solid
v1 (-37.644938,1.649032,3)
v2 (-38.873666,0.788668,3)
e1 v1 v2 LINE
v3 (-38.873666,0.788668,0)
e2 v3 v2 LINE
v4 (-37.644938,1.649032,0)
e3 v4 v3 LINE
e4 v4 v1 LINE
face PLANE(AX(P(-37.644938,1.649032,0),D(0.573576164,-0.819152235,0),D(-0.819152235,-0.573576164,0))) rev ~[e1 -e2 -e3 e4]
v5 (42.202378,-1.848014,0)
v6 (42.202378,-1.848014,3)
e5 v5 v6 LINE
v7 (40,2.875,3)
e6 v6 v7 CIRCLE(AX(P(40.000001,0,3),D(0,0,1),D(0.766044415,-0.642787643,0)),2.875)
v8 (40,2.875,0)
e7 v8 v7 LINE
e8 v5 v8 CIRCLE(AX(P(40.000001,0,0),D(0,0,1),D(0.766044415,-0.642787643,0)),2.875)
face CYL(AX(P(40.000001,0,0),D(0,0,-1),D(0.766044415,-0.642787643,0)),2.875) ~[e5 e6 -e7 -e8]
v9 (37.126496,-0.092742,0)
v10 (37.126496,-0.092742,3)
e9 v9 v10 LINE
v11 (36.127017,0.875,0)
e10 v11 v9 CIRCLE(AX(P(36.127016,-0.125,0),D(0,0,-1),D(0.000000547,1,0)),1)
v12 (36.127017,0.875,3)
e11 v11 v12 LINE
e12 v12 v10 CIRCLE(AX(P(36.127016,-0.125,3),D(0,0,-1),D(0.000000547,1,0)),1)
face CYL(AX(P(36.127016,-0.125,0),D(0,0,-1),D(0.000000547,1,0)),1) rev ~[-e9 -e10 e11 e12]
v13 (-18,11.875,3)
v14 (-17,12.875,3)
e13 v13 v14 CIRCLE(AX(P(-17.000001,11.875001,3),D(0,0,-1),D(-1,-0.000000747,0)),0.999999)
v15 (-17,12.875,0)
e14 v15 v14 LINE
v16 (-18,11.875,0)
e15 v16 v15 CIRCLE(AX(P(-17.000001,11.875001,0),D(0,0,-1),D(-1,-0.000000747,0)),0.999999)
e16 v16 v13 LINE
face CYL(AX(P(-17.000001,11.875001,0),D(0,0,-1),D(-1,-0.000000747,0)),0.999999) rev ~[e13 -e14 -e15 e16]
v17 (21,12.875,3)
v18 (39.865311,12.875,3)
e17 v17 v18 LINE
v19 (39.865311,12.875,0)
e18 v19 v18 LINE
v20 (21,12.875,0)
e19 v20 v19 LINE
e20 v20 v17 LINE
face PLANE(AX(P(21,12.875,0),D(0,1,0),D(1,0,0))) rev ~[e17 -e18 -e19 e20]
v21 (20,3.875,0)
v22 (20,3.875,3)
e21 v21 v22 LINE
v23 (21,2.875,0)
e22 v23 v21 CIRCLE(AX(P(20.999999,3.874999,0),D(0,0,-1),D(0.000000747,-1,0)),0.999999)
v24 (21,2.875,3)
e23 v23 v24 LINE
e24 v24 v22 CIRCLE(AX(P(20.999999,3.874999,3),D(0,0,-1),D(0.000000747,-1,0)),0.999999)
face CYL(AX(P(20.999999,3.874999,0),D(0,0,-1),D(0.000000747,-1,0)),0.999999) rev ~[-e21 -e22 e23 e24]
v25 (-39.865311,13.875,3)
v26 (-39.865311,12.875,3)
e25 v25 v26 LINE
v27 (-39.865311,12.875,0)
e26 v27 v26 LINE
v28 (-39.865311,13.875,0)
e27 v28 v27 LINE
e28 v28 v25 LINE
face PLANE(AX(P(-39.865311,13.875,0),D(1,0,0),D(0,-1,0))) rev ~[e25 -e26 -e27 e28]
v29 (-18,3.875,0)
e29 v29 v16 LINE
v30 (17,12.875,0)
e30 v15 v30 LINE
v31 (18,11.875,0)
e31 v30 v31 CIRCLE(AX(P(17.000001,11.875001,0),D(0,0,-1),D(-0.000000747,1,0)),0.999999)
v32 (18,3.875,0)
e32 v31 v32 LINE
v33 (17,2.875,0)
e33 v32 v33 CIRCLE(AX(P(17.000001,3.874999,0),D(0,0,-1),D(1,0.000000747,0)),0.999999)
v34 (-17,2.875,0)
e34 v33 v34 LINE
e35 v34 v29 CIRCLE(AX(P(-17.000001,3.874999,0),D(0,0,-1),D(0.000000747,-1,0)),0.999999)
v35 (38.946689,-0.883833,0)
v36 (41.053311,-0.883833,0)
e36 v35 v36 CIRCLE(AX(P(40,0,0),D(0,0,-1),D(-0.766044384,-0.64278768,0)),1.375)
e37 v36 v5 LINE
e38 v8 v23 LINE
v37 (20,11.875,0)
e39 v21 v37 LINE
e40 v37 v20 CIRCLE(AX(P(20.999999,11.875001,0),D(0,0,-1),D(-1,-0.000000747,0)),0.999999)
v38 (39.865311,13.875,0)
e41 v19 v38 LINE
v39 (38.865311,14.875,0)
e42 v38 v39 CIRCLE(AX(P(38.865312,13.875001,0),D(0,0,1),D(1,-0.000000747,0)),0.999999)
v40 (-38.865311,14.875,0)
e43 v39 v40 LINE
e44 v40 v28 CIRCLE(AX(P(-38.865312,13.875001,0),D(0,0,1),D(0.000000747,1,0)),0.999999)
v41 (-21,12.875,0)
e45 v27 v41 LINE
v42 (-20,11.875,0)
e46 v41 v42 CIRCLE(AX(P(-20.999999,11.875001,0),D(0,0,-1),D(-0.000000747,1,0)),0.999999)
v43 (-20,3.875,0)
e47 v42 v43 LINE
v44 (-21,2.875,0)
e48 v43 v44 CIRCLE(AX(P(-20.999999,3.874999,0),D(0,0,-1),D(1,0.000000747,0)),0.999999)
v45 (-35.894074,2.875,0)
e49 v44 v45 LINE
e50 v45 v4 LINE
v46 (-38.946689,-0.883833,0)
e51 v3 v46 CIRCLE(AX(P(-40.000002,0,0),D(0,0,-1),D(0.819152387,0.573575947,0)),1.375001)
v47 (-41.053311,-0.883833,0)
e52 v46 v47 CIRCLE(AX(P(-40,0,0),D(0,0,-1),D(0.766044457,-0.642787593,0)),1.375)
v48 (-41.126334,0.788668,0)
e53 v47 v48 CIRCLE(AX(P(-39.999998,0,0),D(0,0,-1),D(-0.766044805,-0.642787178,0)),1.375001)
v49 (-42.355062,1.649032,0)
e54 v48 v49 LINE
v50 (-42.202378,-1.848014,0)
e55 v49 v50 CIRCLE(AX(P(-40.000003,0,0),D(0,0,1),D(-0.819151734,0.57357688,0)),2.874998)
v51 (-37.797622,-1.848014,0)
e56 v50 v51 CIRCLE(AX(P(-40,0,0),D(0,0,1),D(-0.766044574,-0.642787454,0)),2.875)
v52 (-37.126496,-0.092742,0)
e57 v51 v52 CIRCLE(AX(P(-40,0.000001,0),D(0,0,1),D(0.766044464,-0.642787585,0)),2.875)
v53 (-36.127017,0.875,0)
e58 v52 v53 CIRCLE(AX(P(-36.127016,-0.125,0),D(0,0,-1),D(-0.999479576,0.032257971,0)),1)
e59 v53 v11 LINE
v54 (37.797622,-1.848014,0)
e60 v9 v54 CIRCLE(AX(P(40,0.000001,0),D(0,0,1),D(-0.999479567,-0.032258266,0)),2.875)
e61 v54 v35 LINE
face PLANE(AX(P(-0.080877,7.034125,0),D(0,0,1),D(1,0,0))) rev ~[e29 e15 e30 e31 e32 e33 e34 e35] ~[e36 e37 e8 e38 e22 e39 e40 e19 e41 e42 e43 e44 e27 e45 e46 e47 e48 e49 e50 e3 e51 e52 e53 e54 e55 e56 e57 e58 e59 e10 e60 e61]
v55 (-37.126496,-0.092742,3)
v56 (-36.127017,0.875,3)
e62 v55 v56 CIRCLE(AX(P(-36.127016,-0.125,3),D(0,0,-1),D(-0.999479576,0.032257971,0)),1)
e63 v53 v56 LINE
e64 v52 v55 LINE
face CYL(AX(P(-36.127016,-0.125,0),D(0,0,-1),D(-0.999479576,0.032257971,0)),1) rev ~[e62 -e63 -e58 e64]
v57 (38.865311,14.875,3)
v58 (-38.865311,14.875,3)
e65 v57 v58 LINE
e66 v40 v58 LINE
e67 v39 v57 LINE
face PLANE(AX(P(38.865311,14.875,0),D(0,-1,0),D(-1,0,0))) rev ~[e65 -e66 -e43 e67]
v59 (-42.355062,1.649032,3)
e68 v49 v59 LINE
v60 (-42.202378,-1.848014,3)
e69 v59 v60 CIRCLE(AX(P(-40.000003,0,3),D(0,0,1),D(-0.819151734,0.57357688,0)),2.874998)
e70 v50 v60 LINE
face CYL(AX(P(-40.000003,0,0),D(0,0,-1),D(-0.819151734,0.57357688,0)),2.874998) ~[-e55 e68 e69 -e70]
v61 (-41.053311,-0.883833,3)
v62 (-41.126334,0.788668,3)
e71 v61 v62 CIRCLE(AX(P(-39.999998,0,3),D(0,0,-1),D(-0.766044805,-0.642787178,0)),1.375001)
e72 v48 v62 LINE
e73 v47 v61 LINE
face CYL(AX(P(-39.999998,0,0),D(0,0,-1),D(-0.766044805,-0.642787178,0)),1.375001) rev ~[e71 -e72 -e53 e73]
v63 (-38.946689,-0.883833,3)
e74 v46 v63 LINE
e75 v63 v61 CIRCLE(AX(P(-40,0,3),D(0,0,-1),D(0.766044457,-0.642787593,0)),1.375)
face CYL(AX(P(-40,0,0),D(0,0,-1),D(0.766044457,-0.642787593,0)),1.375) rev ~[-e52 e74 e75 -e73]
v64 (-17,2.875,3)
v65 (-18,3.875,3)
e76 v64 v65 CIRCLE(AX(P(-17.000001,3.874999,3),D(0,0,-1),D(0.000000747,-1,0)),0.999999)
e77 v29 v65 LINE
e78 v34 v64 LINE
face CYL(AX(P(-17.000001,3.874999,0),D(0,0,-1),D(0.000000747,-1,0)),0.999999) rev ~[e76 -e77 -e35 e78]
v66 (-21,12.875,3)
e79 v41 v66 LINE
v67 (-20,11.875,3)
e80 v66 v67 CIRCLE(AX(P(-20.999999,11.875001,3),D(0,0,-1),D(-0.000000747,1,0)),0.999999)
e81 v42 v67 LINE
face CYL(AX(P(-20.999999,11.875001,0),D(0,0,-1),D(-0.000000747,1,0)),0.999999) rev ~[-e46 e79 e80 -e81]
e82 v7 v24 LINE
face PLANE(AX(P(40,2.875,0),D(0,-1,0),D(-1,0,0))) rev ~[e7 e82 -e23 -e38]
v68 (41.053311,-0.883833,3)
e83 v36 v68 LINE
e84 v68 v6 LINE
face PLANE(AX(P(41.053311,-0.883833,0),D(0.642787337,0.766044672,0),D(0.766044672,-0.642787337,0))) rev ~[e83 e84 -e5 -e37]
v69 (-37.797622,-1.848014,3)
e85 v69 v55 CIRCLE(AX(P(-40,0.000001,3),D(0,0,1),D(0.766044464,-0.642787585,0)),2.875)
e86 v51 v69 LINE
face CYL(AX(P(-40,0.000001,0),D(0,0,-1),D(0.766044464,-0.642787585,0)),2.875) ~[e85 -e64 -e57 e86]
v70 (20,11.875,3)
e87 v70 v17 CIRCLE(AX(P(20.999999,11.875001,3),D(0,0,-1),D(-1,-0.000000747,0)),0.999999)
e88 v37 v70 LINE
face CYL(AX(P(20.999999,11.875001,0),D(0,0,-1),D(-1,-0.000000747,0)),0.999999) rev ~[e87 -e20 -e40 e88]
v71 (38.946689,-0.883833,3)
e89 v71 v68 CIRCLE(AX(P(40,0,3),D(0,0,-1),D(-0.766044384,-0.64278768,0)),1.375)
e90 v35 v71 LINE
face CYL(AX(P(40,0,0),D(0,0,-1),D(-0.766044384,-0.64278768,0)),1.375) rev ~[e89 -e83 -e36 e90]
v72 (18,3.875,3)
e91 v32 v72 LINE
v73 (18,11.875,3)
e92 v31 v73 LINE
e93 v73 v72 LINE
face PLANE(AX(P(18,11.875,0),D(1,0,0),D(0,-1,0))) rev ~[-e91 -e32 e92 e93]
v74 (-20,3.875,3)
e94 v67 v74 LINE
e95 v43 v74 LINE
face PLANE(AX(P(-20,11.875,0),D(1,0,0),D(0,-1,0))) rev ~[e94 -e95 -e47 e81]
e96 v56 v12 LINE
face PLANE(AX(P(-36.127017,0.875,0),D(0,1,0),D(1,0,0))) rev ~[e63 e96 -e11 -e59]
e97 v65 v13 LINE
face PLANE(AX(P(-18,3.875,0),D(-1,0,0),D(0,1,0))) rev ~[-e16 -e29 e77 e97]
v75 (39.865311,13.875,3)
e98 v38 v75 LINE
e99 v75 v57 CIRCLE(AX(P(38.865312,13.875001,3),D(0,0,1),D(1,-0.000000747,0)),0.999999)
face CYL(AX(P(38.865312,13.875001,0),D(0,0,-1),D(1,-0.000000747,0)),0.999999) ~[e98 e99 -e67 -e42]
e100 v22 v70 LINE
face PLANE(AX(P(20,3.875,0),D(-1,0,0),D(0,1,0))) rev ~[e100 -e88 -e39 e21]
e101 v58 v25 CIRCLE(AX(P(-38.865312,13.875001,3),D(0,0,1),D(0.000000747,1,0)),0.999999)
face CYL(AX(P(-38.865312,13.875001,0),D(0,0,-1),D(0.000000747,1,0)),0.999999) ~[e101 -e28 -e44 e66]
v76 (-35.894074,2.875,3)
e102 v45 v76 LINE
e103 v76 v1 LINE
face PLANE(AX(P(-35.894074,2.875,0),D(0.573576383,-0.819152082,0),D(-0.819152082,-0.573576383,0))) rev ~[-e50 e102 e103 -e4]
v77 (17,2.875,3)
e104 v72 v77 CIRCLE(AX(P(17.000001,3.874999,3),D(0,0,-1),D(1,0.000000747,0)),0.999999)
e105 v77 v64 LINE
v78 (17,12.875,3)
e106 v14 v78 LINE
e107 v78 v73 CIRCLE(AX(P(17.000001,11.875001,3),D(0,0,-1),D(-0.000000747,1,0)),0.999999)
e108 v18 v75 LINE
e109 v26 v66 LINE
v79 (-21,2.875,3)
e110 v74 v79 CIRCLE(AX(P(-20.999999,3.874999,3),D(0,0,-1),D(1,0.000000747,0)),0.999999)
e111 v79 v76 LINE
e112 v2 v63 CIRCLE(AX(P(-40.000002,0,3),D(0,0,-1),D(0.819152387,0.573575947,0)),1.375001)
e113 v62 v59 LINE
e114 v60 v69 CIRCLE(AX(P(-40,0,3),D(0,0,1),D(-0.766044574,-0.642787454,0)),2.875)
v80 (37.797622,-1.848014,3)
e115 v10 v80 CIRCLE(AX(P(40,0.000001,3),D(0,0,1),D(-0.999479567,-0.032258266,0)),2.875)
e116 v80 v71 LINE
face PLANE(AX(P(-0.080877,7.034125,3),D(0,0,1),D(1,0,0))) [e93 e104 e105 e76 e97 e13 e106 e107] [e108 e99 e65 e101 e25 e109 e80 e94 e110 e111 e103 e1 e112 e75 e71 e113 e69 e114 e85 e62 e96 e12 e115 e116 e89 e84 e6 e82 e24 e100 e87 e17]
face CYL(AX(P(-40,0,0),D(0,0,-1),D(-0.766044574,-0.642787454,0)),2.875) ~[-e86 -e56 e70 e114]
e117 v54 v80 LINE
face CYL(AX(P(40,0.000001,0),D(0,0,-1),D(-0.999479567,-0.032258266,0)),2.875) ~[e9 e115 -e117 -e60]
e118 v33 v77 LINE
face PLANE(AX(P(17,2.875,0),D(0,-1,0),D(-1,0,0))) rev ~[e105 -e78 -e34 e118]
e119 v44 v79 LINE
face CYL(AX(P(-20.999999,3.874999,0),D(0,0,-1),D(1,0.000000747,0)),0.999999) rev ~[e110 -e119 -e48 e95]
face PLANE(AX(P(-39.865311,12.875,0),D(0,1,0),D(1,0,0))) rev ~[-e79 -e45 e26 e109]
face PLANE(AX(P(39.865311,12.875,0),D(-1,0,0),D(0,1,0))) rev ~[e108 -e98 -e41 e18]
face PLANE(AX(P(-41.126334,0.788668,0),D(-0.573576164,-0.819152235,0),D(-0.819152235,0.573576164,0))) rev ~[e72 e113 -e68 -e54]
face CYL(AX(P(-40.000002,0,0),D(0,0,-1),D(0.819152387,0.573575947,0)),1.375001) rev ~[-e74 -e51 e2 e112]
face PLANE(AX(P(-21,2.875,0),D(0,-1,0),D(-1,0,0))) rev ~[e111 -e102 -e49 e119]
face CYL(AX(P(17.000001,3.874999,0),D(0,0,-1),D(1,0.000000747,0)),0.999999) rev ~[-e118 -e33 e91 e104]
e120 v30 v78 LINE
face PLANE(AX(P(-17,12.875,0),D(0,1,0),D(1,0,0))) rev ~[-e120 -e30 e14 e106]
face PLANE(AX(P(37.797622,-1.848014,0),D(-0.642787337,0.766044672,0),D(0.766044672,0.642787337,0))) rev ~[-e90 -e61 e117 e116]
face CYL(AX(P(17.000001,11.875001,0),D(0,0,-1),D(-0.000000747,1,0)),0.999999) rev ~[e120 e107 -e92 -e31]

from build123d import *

# Parameters (mm, degrees)
F1_DEPTH = 3


with BuildPart() as f1:
    # F0 (on Top) → F1 (new body)
    with BuildSketch(Plane.XY):
        with BuildLine():
            ThreePointArc((-38.873666, 0.788668), (-38.626309, -0.059977), (-38.946689, -0.883833))
            ThreePointArc((-38.946689, -0.883833), (-40, -1.375), (-41.053311, -0.883833))
            ThreePointArc((-41.053311, -0.883833), (-41.373691, -0.059977), (-41.126334, 0.788668))
            Line((-41.126334, 0.788668), (-42.355062, 1.649032))
            ThreePointArc((-42.355062, 1.649032), (-42.872264, -0.125406), (-42.202378, -1.848014))
            ThreePointArc((-42.202378, -1.848014), (-40, -2.875), (-37.797622, -1.848014))
            ThreePointArc((-37.797622, -1.848014), (-37.314597, -1.02676), (-37.126496, -0.092742))
            ThreePointArc((-37.126496, -0.092742), (-36.822625, 0.593421), (-36.127017, 0.875))
            Line((-36.127017, 0.875), (0, 0.875))
            Line((0, 0.875), (36.127017, 0.875))
            ThreePointArc((36.127017, 0.875), (36.822625, 0.593421), (37.126496, -0.092742))
            ThreePointArc((37.126496, -0.092742), (37.314597, -1.02676), (37.797622, -1.848014))
            Line((37.797622, -1.848014), (38.946689, -0.883833))
            ThreePointArc((38.946689, -0.883833), (40, 1.375), (41.053311, -0.883833))
            Line((41.053311, -0.883833), (42.202378, -1.848014))
            ThreePointArc((42.202378, -1.848014), (42.605635, 1.215028), (40, 2.875))
            Line((40, 2.875), (21, 2.875))
            ThreePointArc((21, 2.875), (20.292893, 3.167893), (20, 3.875))
            Line((20, 3.875), (20, 11.875))
            ThreePointArc((20, 11.875), (20.292893, 12.582107), (21, 12.875))
            Line((21, 12.875), (39.865311, 12.875))
            Line((39.865311, 12.875), (39.865311, 13.875))
            ThreePointArc((39.865311, 13.875), (39.572418, 14.582107), (38.865311, 14.875))
            Line((38.865311, 14.875), (0.134689, 14.875))
            Line((0.134689, 14.875), (-0.134689, 14.875))
            Line((-0.134689, 14.875), (-38.865311, 14.875))
            ThreePointArc((-38.865311, 14.875), (-39.572418, 14.582107), (-39.865311, 13.875))
            Line((-39.865311, 13.875), (-39.865311, 12.875))
            Line((-39.865311, 12.875), (-21, 12.875))
            ThreePointArc((-21, 12.875), (-20.292893, 12.582107), (-20, 11.875))
            Line((-20, 11.875), (-20, 3.875))
            ThreePointArc((-20, 3.875), (-20.292893, 3.167893), (-21, 2.875))
            Line((-21, 2.875), (-35.894074, 2.875))
            Line((-35.894074, 2.875), (-37.644938, 1.649032))
            Line((-37.644938, 1.649032), (-38.873666, 0.788668))
        make_face()
        with BuildLine():
            ThreePointArc((-18, 11.875), (-17.707107, 12.582107), (-17, 12.875))
            Line((-17, 12.875), (0, 12.875))
            Line((0, 12.875), (17, 12.875))
            ThreePointArc((17, 12.875), (17.707107, 12.582107), (18, 11.875))
            Line((18, 11.875), (18, 3.875))
            ThreePointArc((18, 3.875), (17.707107, 3.167893), (17, 2.875))
            Line((17, 2.875), (0, 2.875))
            Line((0, 2.875), (-17, 2.875))
            ThreePointArc((-17, 2.875), (-17.707107, 3.167893), (-18, 3.875))
            Line((-18, 3.875), (-18, 11.875))
        make_face(mode=Mode.SUBTRACT)
    extrude(amount=F1_DEPTH)


solid = f1.part
